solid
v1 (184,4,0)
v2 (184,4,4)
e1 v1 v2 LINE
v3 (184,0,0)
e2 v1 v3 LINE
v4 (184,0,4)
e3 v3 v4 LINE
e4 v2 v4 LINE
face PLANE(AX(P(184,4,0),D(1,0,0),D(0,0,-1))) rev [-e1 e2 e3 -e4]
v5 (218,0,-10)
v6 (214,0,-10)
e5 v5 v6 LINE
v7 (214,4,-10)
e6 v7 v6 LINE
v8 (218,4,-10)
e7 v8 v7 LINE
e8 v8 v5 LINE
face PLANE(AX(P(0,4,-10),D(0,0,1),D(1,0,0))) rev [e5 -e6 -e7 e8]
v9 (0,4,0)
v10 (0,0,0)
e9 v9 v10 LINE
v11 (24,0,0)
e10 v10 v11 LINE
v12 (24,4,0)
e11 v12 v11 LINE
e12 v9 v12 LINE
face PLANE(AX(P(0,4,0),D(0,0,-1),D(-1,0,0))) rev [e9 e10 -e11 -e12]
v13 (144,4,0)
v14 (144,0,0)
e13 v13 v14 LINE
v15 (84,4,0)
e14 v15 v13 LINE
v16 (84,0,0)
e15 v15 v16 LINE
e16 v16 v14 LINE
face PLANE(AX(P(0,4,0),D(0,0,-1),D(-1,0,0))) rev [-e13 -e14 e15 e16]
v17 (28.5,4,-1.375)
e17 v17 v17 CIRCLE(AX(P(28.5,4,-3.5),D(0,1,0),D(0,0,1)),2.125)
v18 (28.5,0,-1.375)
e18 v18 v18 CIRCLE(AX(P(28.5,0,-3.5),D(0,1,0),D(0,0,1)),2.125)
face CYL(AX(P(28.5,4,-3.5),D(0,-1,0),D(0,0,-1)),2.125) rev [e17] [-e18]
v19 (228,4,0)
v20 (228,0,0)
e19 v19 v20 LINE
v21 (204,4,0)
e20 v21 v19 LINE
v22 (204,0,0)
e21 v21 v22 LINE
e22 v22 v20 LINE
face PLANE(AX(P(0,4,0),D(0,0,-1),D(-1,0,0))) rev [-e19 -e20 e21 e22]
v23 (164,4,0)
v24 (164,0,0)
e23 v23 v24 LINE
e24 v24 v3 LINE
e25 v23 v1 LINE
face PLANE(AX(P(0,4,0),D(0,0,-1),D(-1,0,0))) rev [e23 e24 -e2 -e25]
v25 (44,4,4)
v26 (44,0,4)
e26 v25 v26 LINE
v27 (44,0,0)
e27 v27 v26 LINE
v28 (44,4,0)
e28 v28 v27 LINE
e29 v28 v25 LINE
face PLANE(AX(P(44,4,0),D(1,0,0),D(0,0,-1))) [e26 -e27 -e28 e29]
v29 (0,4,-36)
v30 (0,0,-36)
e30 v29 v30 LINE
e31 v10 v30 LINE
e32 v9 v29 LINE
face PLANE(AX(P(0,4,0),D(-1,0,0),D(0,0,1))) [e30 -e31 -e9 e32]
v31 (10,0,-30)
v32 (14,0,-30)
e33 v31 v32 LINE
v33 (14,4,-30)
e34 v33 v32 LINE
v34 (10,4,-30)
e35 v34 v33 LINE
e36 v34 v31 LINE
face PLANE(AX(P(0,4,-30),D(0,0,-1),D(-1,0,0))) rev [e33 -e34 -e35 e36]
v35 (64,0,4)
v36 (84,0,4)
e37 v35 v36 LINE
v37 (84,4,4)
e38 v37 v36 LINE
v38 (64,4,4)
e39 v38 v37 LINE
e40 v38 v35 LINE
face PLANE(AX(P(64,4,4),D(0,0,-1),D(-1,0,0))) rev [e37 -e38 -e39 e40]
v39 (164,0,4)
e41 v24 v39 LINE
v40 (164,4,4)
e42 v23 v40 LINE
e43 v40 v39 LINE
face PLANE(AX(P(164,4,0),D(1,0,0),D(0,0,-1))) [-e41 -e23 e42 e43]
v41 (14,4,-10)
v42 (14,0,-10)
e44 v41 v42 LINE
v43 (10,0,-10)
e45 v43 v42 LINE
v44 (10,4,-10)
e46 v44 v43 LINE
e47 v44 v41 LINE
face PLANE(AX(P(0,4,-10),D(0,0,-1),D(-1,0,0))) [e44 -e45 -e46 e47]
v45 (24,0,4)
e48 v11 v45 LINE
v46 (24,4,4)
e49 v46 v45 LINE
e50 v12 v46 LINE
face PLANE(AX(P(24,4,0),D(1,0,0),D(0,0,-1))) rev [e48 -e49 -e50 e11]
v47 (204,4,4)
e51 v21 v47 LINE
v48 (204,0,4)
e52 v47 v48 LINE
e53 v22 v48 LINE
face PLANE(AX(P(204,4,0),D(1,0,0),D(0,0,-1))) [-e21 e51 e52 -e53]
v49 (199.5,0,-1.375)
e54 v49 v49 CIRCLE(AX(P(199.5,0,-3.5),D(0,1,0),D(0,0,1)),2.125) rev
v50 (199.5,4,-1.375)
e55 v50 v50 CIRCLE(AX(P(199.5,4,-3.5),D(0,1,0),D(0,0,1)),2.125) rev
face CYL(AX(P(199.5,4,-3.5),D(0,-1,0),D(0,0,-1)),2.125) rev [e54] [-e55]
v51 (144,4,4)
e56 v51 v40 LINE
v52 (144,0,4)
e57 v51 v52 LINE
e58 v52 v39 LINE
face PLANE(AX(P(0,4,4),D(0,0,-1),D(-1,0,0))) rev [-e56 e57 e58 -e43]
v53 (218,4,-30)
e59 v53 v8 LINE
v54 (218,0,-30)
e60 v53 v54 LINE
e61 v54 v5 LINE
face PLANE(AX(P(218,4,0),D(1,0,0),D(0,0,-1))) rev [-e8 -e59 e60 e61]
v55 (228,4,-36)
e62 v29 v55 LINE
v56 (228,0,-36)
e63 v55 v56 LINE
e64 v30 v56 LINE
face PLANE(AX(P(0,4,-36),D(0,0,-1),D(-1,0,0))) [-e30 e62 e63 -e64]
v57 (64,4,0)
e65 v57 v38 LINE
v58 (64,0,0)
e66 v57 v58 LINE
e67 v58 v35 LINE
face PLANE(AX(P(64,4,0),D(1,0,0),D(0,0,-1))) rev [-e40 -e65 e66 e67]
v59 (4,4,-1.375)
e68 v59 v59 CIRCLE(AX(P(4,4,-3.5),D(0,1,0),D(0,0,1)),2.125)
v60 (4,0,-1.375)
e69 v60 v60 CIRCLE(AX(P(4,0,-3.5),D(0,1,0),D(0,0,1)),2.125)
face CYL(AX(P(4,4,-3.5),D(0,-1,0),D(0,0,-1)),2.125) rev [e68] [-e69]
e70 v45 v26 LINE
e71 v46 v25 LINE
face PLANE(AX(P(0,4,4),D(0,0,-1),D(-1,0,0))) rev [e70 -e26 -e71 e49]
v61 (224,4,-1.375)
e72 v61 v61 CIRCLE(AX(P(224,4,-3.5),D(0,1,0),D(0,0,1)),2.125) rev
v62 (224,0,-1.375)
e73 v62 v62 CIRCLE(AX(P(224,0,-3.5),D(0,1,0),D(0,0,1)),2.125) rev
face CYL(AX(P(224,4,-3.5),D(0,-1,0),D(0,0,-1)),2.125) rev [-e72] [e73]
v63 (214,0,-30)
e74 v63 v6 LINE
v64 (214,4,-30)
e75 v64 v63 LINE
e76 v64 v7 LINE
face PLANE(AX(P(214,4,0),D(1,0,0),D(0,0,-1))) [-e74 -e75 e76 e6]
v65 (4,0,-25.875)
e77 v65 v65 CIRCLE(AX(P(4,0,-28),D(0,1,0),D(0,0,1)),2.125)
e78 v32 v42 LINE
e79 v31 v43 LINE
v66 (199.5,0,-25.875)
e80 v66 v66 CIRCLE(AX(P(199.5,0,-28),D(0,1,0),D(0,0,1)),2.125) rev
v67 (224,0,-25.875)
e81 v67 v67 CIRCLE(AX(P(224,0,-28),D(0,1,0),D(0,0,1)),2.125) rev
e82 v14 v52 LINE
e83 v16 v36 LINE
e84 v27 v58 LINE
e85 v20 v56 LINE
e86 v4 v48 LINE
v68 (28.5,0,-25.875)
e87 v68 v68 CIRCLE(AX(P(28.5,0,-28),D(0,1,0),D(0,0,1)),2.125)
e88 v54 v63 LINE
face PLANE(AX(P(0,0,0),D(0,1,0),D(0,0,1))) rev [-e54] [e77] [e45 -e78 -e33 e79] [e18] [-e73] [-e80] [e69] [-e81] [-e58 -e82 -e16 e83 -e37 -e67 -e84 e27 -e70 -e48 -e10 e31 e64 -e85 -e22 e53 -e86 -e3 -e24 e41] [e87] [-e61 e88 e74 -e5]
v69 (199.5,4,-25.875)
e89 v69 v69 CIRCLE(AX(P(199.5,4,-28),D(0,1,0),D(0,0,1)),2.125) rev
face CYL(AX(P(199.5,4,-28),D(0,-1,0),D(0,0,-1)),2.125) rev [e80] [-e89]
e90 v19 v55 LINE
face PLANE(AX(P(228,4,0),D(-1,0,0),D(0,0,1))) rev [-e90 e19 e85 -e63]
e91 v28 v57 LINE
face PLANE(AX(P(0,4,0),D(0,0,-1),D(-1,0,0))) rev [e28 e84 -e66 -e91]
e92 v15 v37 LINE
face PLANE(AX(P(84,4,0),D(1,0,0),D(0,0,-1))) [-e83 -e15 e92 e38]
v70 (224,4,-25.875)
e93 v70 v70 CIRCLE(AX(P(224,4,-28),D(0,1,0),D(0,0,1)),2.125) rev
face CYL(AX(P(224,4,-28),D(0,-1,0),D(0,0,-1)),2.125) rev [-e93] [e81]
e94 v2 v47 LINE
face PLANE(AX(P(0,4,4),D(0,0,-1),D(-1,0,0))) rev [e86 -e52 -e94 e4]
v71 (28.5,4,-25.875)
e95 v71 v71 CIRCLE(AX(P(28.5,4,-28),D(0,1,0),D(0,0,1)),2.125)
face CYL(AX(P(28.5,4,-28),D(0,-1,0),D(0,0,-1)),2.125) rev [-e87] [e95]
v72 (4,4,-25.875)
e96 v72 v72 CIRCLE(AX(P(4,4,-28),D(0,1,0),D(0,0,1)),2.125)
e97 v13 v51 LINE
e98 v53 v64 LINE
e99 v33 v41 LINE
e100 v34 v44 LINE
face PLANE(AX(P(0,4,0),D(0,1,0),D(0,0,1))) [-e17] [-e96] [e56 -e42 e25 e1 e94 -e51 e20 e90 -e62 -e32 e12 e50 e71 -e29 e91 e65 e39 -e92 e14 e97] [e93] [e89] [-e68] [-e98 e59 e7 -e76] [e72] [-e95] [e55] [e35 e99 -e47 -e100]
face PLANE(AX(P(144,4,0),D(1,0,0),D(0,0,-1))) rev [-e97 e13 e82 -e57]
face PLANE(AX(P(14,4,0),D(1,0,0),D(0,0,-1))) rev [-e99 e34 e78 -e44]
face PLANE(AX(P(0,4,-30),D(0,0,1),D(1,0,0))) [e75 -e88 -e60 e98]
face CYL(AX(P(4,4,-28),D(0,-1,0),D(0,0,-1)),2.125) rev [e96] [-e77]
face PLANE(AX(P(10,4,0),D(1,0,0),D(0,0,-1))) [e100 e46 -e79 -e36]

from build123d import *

# Parameters (mm, degrees)
SKETCH1_R           = 2.125
SKETCH1_W           = 4
SKETCH1_H           = 20
BOSS_EXTRUDE2_DEPTH = 4


with BuildPart() as part:
    # Sketch1 → Boss-Extrude2 (new body)
    with BuildSketch(Plane(origin=(0, 0, 0), x_dir=(1, 0, 0), z_dir=(0, 1, 0))):
        Polygon((64, 0), (64, -4), (84, -4), (84, 0), (144, 0), (144, -4), (164, -4), (164, 0), (184, 0), (184, -4), (204, -4), (204, 0), (228, 0), (228, 36), (0, 36), (0, 0), (24, 0), (24, -4), (44, -4), (44, 0), align=None)
        with Locations((4, 3.5)):
            Circle(SKETCH1_R, mode=Mode.SUBTRACT)
        with Locations((28.5, 3.5)):
            Circle(SKETCH1_R, mode=Mode.SUBTRACT)
        with Locations((199.5, 3.5)):
            Circle(SKETCH1_R, mode=Mode.SUBTRACT)
        with Locations((224, 3.5)):
            Circle(SKETCH1_R, mode=Mode.SUBTRACT)
        with Locations((12, 20)):
            Rectangle(SKETCH1_W, SKETCH1_H, mode=Mode.SUBTRACT)
        with Locations((4, 28)):
            Circle(SKETCH1_R, mode=Mode.SUBTRACT)
        with Locations((28.5, 28)):
            Circle(SKETCH1_R, mode=Mode.SUBTRACT)
        with Locations((216, 20)):
            Rectangle(SKETCH1_W, SKETCH1_H, mode=Mode.SUBTRACT)
        with Locations((199.5, 28)):
            Circle(SKETCH1_R, mode=Mode.SUBTRACT)
        with Locations((224, 28)):
            Circle(SKETCH1_R, mode=Mode.SUBTRACT)
    extrude(amount=BOSS_EXTRUDE2_DEPTH)


solid = part.part
